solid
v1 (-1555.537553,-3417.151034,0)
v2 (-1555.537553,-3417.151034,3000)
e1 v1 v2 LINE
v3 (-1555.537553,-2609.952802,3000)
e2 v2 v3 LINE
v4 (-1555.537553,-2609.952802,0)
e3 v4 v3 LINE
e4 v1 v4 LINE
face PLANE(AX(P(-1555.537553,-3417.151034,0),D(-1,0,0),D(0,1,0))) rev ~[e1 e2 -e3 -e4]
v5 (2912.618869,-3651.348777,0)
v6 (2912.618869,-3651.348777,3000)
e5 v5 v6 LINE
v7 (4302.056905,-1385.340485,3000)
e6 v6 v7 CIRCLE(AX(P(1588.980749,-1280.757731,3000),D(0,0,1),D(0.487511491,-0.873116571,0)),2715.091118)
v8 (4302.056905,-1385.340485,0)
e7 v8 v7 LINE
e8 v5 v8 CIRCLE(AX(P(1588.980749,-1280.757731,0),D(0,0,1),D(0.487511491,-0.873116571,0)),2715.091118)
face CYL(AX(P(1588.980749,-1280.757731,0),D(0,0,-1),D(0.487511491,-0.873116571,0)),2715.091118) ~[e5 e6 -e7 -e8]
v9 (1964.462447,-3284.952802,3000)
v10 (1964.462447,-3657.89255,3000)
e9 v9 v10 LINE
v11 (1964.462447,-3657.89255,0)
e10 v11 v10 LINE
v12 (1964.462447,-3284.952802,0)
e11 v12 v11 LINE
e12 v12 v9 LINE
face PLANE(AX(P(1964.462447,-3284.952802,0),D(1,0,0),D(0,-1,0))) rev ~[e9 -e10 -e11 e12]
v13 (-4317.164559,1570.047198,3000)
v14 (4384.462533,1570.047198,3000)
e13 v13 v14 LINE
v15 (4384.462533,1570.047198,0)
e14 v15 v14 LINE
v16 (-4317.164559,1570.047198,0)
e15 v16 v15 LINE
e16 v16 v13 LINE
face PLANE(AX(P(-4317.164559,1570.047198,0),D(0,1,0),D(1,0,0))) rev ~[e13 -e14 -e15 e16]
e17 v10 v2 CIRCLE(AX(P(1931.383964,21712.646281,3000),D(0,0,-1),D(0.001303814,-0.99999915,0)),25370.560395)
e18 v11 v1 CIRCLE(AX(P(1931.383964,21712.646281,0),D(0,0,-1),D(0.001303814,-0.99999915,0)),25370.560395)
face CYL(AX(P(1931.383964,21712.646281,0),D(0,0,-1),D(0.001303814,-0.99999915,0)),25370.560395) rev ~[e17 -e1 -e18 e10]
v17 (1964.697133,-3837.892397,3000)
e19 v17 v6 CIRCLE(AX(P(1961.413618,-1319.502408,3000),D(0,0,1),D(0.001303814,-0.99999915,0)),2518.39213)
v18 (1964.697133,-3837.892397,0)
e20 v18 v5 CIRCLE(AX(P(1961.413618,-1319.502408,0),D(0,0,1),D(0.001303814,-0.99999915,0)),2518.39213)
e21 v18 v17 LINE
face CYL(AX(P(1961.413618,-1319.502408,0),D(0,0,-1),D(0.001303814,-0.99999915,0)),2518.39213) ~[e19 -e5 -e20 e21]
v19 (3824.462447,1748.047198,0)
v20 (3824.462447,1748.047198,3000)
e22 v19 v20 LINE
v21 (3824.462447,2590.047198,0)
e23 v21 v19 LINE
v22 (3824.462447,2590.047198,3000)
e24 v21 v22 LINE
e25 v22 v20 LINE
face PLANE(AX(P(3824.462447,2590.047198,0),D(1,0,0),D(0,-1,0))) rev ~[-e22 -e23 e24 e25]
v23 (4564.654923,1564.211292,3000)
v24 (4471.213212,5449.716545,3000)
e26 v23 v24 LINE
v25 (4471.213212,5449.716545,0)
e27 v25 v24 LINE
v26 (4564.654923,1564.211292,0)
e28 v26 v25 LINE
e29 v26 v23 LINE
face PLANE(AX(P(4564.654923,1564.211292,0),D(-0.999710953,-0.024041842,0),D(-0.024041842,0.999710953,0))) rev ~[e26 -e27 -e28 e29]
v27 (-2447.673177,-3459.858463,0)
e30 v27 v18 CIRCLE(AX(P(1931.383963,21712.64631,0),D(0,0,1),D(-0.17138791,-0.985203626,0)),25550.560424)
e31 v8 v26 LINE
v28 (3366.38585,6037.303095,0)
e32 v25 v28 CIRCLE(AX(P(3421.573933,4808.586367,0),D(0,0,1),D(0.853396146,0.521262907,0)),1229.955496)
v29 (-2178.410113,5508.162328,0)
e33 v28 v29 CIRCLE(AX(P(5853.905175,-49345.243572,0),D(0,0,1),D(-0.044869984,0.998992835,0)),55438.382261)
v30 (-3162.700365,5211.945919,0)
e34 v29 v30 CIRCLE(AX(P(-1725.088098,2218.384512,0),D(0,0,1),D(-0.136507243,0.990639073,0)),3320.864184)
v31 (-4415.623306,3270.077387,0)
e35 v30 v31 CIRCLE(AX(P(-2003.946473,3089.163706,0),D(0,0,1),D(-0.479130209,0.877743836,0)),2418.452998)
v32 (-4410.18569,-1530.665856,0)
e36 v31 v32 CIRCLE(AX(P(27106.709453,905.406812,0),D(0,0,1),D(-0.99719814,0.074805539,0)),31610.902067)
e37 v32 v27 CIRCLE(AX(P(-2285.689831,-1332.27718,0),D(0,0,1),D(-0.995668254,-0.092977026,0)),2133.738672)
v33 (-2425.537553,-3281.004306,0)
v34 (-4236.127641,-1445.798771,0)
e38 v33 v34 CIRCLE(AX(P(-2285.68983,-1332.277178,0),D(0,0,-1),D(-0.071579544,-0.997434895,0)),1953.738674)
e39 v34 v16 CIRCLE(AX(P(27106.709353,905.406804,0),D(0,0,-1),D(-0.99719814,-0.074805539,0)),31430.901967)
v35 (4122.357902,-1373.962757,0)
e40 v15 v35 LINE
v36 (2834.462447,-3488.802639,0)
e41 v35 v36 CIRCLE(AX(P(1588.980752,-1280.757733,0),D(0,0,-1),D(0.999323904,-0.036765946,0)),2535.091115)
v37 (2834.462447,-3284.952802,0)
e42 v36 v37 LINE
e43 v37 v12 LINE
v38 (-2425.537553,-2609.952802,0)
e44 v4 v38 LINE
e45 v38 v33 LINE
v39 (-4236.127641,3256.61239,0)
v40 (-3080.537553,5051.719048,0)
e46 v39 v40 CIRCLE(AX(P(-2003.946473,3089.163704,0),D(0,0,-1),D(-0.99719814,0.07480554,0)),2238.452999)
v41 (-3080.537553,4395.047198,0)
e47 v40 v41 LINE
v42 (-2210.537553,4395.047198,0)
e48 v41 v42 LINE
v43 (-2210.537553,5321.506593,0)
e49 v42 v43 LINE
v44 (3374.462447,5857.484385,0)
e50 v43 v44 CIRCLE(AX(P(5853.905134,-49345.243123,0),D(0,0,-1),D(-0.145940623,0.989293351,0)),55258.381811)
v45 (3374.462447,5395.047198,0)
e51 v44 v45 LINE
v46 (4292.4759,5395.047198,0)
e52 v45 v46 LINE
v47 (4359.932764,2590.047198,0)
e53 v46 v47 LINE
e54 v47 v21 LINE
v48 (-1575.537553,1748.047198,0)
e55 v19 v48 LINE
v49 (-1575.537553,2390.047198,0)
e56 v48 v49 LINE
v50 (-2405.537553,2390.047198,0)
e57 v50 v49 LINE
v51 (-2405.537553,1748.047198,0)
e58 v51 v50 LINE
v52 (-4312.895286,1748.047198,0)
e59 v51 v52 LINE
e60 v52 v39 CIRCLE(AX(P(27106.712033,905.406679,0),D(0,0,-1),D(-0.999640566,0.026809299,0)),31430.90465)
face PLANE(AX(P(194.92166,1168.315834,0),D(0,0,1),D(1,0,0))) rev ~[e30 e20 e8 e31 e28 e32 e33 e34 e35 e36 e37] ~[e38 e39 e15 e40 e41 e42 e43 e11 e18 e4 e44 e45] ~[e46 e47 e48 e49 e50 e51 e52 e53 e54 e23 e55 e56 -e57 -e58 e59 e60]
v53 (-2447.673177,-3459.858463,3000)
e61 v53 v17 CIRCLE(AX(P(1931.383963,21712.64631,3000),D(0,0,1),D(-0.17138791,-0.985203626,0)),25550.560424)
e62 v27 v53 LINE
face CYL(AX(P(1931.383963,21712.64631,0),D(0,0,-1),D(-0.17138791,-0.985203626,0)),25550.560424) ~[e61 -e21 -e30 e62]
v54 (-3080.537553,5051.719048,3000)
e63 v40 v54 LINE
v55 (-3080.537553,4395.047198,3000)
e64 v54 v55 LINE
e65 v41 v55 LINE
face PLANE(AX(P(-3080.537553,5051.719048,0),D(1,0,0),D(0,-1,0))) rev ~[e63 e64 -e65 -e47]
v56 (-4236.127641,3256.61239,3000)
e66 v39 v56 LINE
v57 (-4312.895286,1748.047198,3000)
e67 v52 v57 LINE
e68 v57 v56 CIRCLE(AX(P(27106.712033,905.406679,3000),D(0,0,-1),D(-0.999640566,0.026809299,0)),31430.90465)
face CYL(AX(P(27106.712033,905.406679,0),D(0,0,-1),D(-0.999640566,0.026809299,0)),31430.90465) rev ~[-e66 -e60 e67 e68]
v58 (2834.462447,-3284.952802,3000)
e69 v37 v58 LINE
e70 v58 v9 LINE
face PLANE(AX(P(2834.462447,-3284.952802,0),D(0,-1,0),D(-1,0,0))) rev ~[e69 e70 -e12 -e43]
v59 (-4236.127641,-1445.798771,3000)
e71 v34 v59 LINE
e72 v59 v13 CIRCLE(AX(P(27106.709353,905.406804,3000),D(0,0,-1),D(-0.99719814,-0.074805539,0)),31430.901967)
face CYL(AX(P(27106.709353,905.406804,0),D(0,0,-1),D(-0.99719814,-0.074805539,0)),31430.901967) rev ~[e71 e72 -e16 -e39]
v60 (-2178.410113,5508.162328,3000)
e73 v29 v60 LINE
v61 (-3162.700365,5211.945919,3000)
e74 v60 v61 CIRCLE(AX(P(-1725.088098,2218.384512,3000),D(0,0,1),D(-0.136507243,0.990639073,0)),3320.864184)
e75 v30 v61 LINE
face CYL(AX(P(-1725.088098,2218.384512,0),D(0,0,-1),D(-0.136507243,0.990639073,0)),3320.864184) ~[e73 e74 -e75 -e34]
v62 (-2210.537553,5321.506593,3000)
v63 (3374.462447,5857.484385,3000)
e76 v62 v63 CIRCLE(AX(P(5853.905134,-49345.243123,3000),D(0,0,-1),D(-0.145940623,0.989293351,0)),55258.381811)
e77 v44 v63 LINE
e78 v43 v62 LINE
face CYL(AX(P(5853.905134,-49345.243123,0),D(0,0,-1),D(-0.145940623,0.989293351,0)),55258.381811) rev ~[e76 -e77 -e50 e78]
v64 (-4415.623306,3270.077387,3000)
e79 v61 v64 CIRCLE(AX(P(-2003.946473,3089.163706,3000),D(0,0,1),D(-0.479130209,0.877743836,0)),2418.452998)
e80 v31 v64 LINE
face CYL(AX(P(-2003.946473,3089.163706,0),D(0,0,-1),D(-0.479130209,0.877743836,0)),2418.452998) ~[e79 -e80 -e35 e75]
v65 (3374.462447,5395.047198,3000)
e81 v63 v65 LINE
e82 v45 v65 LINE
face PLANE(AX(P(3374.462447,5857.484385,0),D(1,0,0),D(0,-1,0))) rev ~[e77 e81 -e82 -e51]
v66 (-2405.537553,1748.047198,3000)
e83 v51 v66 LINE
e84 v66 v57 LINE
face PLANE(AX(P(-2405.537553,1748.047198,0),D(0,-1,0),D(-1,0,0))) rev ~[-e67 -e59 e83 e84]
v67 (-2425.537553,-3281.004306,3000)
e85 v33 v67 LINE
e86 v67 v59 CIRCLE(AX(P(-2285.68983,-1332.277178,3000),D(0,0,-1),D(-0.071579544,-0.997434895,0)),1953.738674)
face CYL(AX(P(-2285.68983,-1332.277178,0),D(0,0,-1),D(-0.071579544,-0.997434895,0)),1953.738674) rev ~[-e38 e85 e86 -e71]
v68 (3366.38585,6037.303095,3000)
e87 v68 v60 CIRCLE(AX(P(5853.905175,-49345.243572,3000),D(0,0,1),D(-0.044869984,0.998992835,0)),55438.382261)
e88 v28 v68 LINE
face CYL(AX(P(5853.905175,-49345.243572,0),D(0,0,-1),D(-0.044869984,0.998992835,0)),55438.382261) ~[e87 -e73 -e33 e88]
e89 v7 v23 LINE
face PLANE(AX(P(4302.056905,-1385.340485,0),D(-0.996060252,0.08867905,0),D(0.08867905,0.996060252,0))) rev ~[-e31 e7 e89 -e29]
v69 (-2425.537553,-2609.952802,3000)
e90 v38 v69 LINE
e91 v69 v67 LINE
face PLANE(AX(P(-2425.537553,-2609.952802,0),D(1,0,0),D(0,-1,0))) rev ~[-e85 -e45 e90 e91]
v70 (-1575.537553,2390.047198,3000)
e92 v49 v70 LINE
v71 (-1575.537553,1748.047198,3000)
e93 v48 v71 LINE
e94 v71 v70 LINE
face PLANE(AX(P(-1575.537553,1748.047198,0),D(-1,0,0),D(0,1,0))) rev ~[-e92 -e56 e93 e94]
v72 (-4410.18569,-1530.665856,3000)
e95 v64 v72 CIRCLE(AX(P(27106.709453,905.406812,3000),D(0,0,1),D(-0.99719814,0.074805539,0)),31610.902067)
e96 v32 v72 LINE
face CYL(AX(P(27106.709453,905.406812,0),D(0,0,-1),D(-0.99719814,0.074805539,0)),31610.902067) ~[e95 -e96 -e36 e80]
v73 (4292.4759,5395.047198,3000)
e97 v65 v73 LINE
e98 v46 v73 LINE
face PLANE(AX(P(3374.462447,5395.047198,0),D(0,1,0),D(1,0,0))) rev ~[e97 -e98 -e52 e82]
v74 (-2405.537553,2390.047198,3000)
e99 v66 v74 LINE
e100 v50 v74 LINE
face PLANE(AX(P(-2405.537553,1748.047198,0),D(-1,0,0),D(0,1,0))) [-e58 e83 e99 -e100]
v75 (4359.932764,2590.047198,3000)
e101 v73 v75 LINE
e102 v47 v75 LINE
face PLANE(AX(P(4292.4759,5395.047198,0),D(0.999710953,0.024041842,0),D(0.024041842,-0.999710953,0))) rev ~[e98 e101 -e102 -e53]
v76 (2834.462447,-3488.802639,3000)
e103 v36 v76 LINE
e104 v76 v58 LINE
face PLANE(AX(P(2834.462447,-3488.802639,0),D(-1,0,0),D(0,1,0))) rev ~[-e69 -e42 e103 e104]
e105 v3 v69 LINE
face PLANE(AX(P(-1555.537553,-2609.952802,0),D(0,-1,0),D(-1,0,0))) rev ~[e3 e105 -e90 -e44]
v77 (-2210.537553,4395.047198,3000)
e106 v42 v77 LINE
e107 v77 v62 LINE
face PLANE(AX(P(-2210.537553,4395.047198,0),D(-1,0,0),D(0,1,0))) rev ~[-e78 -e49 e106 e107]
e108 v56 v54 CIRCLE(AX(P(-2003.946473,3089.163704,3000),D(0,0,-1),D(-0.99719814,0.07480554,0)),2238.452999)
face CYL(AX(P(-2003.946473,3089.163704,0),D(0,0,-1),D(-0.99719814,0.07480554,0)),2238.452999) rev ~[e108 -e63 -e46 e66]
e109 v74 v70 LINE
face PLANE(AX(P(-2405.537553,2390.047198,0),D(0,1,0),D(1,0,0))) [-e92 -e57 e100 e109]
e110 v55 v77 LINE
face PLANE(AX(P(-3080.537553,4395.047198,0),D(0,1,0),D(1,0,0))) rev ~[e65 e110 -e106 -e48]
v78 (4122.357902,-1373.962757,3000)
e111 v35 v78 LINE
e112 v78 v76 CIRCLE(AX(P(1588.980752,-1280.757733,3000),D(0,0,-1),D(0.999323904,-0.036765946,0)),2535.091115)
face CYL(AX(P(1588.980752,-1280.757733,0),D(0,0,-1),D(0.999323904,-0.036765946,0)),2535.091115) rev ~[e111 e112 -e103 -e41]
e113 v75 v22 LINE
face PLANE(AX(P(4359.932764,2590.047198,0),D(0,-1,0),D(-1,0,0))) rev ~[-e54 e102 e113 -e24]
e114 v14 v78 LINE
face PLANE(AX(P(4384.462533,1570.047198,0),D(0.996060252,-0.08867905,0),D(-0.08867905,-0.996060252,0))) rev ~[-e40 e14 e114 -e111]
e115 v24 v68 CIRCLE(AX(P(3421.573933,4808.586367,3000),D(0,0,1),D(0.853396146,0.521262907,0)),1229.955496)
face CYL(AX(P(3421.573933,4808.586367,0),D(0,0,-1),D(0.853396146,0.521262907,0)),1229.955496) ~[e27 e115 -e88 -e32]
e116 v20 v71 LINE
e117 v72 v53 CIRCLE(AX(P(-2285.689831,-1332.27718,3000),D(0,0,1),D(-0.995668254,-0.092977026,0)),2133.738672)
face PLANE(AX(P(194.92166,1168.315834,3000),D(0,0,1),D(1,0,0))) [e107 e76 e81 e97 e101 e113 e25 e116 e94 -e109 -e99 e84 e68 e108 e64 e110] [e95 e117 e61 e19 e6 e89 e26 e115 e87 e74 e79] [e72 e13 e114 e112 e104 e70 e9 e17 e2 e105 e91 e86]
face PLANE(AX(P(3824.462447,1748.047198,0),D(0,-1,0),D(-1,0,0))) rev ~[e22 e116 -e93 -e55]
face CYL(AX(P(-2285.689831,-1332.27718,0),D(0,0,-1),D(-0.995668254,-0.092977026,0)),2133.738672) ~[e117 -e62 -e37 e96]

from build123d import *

# Parameters (mm, degrees)
F0_W     = 830
F0_H     = 642
F1_DEPTH = 3000


with BuildPart() as f1:
    # F0 (on Top) → F1 (new body)
    with BuildSketch(Plane.XY):
        with BuildLine():
            ThreePointArc((-4415.623306, 3270.077387), (-4504.172337, 869.60239), (-4410.18569, -1530.665856))
            ThreePointArc((-4410.18569, -1530.665856), (-3781.498247, -2853.920339), (-2447.673177, -3459.858463))
            ThreePointArc((-2447.673177, -3459.858463), (-249.69377, -3744.652013), (1964.697133, -3837.892397))
            ThreePointArc((1964.697133, -3837.892397), (2447.687031, -3790.501616), (2912.618869, -3651.348777))
            ThreePointArc((2912.618869, -3651.348777), (3903.600357, -2700.002548), (4302.056905, -1385.340485))
            Line((4302.056905, -1385.340485), (4564.654923, 1564.211292))
            Line((4564.654923, 1564.211292), (4471.213212, 5449.716545))
            ThreePointArc((4471.213212, 5449.716545), (3999.109892, 5894.515802), (3366.38585, 6037.303095))
            ThreePointArc((3366.38585, 6037.303095), (587.338214, 5842.413564), (-2178.410113, 5508.162328))
            ThreePointArc((-2178.410113, 5508.162328), (-2682.085566, 5398.367967), (-3162.700365, 5211.945919))
            ThreePointArc((-3162.700365, 5211.945919), (-4036.114586, 4400.349302), (-4415.623306, 3270.077387))
        make_face()
        with BuildLine():
            ThreePointArc((-4236.127641, 3256.61239), (-3886.124845, 4300.805733), (-3080.537553, 5051.719048))
            ThreePointArc((-3080.537553, 5051.719048), (-2655.369523, 5218.31856), (-2210.537553, 5321.506593))
            ThreePointArc((-2210.537553, 5321.506593), (575.155496, 5660.425336), (3374.462447, 5857.484385))
            ThreePointArc((3374.462447, 5857.484385), (3893.929442, 5746.289314), (4292.4759, 5395.047198))
            Line((4292.4759, 5395.047198), (4359.932764, 2590.047198))
            Line((4359.932764, 2590.047198), (4380.181848, 1748.047198))
            Line((4380.181848, 1748.047198), (4384.462533, 1570.047198))
            Line((4384.462533, 1570.047198), (4122.357902, -1373.962757))
            ThreePointArc((4122.357902, -1373.962757), (3754.178312, -2599.320013), (2834.462447, -3488.802639))
            ThreePointArc((2834.462447, -3488.802639), (2407.546587, -3614.942045), (1964.462447, -3657.89255))
            ThreePointArc((1964.462447, -3657.89255), (200.272458, -3598.785676), (-1555.537553, -3417.151034))
            ThreePointArc((-1555.537553, -3417.151034), (-1991.128288, -3352.852565), (-2425.537553, -3281.004306))
            ThreePointArc((-2425.537553, -3281.004306), (-3676.48753, -2704.420233), (-4236.127641, -1445.798771))
            ThreePointArc((-4236.127641, -1445.798771), (-4312.85193, 61.151349), (-4317.164559, 1570.047198))
            ThreePointArc((-4317.164559, 1570.047198), (-4315.155965, 1659.050221), (-4312.895286, 1748.047198))
            ThreePointArc((-4312.895286, 1748.047198), (-4283.575165, 2502.791026), (-4236.127641, 3256.61239))
        make_face(mode=Mode.SUBTRACT)
        with BuildLine():
            Line((-3080.537553, 5051.719048), (-3080.537553, 4395.047198))
            Line((-3080.537553, 4395.047198), (-2210.537553, 4395.047198))
            Line((-2210.537553, 4395.047198), (-2210.537553, 5321.506593))
            ThreePointArc((-2210.537553, 5321.506593), (-2655.369523, 5218.31856), (-3080.537553, 5051.719048))
        make_face()
        with BuildLine():
            ThreePointArc((4292.4759, 5395.047198), (3893.929442, 5746.289314), (3374.462447, 5857.484385))
            Line((3374.462447, 5857.484385), (3374.462447, 5395.047198))
            Line((3374.462447, 5395.047198), (4292.4759, 5395.047198))
        make_face()
        with BuildLine():
            Line((-2405.537553, 1748.047198), (-4312.895286, 1748.047198))
            ThreePointArc((-4312.895286, 1748.047198), (-4315.155965, 1659.050221), (-4317.164559, 1570.047198))
            Line((-4317.164559, 1570.047198), (4384.462533, 1570.047198))
            Line((4384.462533, 1570.047198), (4380.181848, 1748.047198))
            Line((4380.181848, 1748.047198), (3824.462447, 1748.047198))
            Line((3824.462447, 1748.047198), (-1575.537553, 1748.047198))
            Line((-1575.537553, 1748.047198), (-2405.537553, 1748.047198))
        make_face()
        with Locations((-1990.537553, 2069.047198)):
            Rectangle(F0_W, F0_H)
        Polygon((4380.181848, 1748.047198), (4359.932764, 2590.047198), (3824.462447, 2590.047198), (3824.462447, 1748.047198), align=None)
        with BuildLine():
            Line((-2425.537553, -2609.952802), (-2425.537553, -3281.004306))
            ThreePointArc((-2425.537553, -3281.004306), (-1991.128288, -3352.852565), (-1555.537553, -3417.151034))
            Line((-1555.537553, -3417.151034), (-1555.537553, -2609.952802))
            Line((-1555.537553, -2609.952802), (-2425.537553, -2609.952802))
        make_face()
        with BuildLine():
            ThreePointArc((1964.462447, -3657.89255), (2407.546587, -3614.942045), (2834.462447, -3488.802639))
            Line((2834.462447, -3488.802639), (2834.462447, -3284.952802))
            Line((2834.462447, -3284.952802), (1964.462447, -3284.952802))
            Line((1964.462447, -3284.952802), (1964.462447, -3657.89255))
        make_face()
    extrude(amount=F1_DEPTH)


solid = f1.part
